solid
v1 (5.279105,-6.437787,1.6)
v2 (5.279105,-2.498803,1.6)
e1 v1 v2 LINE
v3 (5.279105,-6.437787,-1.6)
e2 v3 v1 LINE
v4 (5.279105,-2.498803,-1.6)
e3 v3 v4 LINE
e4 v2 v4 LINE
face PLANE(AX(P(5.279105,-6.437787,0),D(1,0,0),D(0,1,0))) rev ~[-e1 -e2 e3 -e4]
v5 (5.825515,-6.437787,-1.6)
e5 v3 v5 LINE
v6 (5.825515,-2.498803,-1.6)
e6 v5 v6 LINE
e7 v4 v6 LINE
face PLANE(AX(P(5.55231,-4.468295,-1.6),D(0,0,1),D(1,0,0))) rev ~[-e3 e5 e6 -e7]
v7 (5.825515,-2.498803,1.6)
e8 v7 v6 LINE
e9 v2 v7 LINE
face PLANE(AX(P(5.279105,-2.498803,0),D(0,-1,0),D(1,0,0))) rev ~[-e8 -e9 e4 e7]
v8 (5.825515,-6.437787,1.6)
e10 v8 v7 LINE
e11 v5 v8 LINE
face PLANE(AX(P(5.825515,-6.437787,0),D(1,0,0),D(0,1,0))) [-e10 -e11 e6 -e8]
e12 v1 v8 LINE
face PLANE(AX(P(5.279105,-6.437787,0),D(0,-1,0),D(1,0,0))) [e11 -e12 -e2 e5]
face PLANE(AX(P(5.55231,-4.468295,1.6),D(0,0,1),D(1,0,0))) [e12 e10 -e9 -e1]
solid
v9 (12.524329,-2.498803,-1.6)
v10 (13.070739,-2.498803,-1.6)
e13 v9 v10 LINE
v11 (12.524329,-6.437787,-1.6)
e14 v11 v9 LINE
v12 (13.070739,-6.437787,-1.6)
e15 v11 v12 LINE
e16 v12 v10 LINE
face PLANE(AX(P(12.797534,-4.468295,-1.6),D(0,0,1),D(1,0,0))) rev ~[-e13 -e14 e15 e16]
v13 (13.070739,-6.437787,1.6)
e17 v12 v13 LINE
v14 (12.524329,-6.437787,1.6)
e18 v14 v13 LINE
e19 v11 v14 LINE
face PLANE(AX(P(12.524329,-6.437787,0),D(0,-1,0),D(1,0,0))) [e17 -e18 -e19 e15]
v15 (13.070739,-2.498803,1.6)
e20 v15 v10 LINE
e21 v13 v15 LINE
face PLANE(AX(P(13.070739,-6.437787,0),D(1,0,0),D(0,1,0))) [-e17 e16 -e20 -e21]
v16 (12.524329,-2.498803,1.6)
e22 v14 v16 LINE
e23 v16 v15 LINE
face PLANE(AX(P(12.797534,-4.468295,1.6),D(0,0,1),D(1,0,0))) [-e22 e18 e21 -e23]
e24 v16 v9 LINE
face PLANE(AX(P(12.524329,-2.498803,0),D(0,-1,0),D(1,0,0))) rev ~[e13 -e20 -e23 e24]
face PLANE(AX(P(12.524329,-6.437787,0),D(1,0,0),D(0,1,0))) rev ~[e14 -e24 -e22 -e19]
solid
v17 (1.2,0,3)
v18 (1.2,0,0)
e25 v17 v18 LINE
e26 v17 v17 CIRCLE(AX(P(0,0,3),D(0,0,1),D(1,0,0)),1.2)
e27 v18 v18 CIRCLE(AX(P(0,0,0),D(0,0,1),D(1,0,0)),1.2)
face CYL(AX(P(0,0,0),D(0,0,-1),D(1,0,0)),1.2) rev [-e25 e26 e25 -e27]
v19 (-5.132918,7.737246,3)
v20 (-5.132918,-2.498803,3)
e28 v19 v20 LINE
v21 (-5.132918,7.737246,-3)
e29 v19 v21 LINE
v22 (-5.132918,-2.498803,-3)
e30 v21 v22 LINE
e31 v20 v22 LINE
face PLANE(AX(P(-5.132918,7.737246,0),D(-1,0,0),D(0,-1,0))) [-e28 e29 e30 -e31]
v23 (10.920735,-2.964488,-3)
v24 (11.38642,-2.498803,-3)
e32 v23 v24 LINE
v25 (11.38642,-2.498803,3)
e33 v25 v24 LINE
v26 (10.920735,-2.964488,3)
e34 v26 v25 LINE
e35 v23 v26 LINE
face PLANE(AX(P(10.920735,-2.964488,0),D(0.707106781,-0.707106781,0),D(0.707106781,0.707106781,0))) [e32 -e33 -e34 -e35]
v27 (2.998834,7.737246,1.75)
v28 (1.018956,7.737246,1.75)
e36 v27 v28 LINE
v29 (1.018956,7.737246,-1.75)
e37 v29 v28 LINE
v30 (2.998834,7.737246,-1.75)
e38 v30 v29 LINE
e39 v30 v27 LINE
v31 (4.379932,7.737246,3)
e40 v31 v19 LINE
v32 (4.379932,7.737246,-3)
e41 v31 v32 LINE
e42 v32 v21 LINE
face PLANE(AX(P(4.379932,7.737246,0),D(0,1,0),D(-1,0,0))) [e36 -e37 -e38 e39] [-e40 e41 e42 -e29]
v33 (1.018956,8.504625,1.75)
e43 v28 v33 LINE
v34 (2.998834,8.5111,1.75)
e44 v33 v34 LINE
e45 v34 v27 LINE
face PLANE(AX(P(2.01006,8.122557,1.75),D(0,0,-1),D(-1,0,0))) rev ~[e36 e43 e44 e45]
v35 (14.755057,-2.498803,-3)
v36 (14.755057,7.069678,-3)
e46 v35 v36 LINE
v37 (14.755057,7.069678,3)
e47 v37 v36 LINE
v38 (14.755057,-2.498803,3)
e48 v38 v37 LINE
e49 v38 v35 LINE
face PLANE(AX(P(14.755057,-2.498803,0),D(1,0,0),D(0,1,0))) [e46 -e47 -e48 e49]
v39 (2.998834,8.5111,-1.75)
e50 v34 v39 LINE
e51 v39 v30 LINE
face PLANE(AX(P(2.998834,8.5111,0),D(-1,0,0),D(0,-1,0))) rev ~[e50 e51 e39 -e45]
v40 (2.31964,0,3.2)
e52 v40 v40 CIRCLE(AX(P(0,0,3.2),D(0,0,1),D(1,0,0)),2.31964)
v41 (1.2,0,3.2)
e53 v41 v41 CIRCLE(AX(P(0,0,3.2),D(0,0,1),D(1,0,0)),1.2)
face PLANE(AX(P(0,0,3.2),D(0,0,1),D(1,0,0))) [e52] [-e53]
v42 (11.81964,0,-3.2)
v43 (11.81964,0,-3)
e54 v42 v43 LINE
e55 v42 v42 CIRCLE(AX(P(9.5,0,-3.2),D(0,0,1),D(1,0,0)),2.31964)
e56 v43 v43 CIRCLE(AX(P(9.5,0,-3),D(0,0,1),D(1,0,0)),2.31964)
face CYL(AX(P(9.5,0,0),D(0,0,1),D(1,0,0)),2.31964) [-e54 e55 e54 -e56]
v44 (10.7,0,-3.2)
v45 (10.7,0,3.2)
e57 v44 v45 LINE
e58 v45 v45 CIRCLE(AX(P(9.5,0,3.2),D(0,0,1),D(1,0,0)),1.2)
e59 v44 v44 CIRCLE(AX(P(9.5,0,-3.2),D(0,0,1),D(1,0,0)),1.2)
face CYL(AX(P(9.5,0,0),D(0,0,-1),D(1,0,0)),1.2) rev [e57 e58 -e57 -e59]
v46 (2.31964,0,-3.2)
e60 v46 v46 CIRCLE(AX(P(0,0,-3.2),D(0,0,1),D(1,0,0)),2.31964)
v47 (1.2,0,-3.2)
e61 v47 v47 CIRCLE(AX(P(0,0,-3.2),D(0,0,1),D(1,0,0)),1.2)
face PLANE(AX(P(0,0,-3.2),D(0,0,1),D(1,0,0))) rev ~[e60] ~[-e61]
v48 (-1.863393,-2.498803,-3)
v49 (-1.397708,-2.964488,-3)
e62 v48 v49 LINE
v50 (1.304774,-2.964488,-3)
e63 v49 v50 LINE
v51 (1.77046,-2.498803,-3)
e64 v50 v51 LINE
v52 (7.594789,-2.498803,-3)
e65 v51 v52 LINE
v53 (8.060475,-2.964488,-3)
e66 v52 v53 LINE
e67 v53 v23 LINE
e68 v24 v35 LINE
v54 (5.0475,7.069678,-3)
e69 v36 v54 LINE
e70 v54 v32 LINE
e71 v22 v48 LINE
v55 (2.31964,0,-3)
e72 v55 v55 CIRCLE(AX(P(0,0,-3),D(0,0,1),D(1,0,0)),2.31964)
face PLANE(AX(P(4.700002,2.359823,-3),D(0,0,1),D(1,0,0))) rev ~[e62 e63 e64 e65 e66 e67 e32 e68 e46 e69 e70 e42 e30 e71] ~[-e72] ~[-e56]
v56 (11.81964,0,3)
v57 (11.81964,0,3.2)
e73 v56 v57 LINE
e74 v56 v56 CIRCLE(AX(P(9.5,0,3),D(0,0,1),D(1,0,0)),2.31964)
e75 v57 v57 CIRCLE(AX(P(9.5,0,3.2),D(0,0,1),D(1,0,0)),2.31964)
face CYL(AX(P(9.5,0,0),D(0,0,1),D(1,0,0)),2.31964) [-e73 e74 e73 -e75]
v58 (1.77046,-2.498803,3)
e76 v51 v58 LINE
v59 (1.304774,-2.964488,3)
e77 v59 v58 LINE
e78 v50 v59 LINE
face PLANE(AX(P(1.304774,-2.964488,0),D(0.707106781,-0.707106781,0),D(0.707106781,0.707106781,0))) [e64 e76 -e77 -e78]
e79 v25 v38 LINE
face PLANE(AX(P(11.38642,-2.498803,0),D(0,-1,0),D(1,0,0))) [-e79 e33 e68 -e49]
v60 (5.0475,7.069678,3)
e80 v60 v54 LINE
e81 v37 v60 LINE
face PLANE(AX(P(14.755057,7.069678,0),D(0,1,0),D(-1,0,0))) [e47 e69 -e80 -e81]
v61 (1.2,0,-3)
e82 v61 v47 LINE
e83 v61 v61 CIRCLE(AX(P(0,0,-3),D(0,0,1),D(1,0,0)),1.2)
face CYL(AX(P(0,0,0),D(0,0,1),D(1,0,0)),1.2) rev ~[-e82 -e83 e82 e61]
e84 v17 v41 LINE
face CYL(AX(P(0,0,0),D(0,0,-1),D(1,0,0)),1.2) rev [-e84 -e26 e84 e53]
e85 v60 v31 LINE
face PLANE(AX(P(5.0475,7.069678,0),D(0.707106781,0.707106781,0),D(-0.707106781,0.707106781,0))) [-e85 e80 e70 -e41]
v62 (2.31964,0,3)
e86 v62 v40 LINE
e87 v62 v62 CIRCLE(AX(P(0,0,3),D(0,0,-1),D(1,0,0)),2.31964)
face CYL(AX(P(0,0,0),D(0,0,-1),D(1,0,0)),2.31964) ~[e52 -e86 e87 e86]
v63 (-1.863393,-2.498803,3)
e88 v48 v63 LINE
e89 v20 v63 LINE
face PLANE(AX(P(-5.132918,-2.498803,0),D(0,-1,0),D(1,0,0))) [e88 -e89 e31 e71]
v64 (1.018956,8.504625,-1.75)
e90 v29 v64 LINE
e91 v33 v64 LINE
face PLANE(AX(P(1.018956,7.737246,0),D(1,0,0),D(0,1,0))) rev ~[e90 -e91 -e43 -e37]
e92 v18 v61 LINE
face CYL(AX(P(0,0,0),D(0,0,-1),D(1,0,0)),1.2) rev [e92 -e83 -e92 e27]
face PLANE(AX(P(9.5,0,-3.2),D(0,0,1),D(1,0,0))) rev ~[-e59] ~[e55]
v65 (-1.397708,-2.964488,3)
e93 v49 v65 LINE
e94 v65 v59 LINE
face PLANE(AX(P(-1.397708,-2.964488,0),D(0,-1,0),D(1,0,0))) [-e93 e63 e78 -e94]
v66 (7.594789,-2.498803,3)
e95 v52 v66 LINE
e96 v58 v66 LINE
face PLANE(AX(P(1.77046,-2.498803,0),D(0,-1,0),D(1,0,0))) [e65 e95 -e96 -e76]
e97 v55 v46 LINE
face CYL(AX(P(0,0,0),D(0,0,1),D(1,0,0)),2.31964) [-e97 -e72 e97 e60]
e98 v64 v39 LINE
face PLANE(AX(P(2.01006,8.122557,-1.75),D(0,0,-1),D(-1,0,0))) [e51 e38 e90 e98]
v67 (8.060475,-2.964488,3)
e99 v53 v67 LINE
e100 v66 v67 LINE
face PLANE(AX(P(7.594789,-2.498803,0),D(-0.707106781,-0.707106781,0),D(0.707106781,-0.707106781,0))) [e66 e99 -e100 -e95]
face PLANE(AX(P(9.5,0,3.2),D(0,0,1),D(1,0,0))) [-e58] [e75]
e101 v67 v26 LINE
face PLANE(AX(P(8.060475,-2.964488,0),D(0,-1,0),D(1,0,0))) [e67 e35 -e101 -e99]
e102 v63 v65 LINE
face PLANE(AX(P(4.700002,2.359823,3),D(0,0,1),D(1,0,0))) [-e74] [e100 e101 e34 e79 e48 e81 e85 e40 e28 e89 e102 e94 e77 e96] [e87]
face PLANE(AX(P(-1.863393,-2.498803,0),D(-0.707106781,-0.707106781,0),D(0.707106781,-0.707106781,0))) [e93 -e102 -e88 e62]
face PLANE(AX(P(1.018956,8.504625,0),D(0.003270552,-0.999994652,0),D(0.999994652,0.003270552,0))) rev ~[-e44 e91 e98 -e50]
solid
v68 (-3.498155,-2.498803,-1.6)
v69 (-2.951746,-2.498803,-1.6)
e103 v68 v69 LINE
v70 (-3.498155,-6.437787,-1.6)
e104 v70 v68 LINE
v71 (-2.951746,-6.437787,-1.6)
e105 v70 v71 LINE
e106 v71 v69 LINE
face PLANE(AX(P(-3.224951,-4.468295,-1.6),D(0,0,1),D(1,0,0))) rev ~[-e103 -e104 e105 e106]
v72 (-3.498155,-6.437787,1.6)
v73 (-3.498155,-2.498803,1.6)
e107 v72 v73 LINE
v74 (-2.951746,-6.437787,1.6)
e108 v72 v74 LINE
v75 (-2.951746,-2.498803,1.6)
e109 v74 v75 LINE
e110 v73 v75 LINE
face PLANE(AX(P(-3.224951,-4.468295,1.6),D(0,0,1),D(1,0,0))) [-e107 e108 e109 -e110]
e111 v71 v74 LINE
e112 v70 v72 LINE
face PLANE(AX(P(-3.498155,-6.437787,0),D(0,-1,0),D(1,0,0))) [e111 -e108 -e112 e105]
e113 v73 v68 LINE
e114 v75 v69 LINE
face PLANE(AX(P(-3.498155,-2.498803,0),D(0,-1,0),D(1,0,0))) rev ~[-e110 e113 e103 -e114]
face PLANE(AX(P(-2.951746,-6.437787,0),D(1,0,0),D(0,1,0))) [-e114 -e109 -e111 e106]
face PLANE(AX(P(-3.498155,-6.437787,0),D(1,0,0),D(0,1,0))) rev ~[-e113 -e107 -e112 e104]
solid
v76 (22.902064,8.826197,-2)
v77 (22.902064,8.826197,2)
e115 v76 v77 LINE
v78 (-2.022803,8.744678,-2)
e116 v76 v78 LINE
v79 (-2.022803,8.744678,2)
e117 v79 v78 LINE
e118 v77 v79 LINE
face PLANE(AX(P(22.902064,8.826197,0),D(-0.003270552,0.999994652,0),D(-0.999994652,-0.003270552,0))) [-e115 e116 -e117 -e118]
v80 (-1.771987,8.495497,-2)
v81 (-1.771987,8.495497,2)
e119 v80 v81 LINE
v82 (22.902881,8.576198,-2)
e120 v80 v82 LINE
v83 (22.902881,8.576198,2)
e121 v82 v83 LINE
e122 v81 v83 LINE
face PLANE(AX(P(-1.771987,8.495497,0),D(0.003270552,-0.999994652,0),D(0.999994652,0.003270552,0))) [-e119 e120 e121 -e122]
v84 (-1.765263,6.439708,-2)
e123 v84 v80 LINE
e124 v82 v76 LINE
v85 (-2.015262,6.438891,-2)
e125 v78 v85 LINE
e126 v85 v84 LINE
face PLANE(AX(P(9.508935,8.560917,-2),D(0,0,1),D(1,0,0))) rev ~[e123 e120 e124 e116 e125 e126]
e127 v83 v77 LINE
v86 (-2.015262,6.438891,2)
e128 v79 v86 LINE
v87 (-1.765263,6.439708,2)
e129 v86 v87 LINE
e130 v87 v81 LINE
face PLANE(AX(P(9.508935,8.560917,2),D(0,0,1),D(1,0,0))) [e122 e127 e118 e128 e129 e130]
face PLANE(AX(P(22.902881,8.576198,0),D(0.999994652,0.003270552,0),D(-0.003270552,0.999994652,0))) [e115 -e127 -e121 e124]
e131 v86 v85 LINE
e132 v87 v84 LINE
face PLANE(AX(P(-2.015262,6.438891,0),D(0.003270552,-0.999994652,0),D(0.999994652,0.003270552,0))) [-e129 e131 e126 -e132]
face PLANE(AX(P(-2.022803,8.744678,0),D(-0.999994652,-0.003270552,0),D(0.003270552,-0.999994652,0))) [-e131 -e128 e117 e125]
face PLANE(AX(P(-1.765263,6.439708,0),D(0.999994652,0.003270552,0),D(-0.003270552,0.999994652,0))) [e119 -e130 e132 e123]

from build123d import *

# Parameters (mm, degrees)
SKETCH2_R             = 1.2
BOSS_EXTRUDE1_DEPTH   = 3
SKETCH3_R             = 2.319639751
SKETCH3_R_2           = 1.2
BOSS_EXTRUDE2_DEPTH   = 3.2
EXTRUDE_THIN1_DEPTH   = 2
BOSS_EXTRUDE3_DEPTH   = 1.75
SKETCH6_W             = 0.546409637
SKETCH6_H             = 3.938984301
BOSS_EXTRUDE4_DEPTH   = 1.6
BOSS_EXTRUDE4_2_DEPTH = 1.6
SKETCH6_W_2           = 0.546409636
BOSS_EXTRUDE4_3_DEPTH = 1.6


with BuildPart() as part:
    # Sketch2 → Boss-Extrude1 (new body, symmetric)
    with BuildSketch(Plane.XY):
        Polygon((-5.132917841, -2.498802599), (-1.863393107, -2.498802599), (-1.397707667, -2.964488039), (1.304774393, -2.964488039), (1.770459833, -2.498802599), (7.594789334, -2.498802599), (8.060474774, -2.964488039), (10.920734529, -2.964488039), (11.386419969, -2.498802599), (14.75505715, -2.498802599), (14.75505715, 7.069677676), (5.047500126, 7.069677676), (4.379931735, 7.737246067), (-5.132917841, 7.737246067), align=None)
        Circle(SKETCH2_R, mode=Mode.SUBTRACT)
        with Locations((9.5, 0)):
            Circle(SKETCH2_R, mode=Mode.SUBTRACT)
    extrude(amount=BOSS_EXTRUDE1_DEPTH, both=True)

    # Sketch3 → Boss-Extrude2 (add, symmetric)
    with BuildSketch(Plane.XY):
        Circle(SKETCH3_R)
        Circle(SKETCH3_R_2, mode=Mode.SUBTRACT)
        with Locations((9.5, 0)):
            Circle(SKETCH3_R)
        with Locations((9.5, 0)):
            Circle(SKETCH3_R_2, mode=Mode.SUBTRACT)
    extrude(amount=BOSS_EXTRUDE2_DEPTH, both=True)

    # Sketch4 → Boss-Extrude3 (add, symmetric)
    with BuildSketch(Plane.XY):
        Polygon((1.01895614, 7.737246067), (1.01895614, 8.504625171), (2.998833668, 8.511100498), (2.998833668, 7.737246067), align=None)
    extrude(amount=BOSS_EXTRUDE3_DEPTH, both=True)


with BuildPart() as body_2:
    # Sketch5 → Extrude-Thin1 (new body, symmetric)
    with BuildSketch(Plane.XY):
        Polygon((-1.76526318, 6.439708473), (-1.77198678, 8.495497198), (22.902881251, 8.576198069), (22.902063613, 8.826196732), (-2.022803081, 8.744678223), (-2.015261843, 6.438890835), align=None)
    extrude(amount=EXTRUDE_THIN1_DEPTH, both=True)


with BuildPart() as body_3:
    # Sketch6 → Boss-Extrude4 (new body, symmetric)
    with BuildSketch(Plane.XY):
        with Locations((-3.224950656, -4.46829475)):
            Rectangle(SKETCH6_W, SKETCH6_H)
    extrude(amount=BOSS_EXTRUDE4_DEPTH, both=True)


with BuildPart() as body_4:
    # Sketch6 → Boss-Extrude4 2 (new body, symmetric)
    with BuildSketch(Plane.XY):
        with Locations((5.552309937, -4.46829475)):
            Rectangle(SKETCH6_W, SKETCH6_H)
    extrude(amount=BOSS_EXTRUDE4_2_DEPTH, both=True)


with BuildPart() as body_5:
    # Sketch6 → Boss-Extrude4 3 (new body, symmetric)
    with BuildSketch(Plane.XY):
        with Locations((12.797533741, -4.46829475)):
            Rectangle(SKETCH6_W_2, SKETCH6_H)
    extrude(amount=BOSS_EXTRUDE4_3_DEPTH, both=True)


solid = Compound([part.part, body_2.part, body_3.part, body_4.part, body_5.part])
